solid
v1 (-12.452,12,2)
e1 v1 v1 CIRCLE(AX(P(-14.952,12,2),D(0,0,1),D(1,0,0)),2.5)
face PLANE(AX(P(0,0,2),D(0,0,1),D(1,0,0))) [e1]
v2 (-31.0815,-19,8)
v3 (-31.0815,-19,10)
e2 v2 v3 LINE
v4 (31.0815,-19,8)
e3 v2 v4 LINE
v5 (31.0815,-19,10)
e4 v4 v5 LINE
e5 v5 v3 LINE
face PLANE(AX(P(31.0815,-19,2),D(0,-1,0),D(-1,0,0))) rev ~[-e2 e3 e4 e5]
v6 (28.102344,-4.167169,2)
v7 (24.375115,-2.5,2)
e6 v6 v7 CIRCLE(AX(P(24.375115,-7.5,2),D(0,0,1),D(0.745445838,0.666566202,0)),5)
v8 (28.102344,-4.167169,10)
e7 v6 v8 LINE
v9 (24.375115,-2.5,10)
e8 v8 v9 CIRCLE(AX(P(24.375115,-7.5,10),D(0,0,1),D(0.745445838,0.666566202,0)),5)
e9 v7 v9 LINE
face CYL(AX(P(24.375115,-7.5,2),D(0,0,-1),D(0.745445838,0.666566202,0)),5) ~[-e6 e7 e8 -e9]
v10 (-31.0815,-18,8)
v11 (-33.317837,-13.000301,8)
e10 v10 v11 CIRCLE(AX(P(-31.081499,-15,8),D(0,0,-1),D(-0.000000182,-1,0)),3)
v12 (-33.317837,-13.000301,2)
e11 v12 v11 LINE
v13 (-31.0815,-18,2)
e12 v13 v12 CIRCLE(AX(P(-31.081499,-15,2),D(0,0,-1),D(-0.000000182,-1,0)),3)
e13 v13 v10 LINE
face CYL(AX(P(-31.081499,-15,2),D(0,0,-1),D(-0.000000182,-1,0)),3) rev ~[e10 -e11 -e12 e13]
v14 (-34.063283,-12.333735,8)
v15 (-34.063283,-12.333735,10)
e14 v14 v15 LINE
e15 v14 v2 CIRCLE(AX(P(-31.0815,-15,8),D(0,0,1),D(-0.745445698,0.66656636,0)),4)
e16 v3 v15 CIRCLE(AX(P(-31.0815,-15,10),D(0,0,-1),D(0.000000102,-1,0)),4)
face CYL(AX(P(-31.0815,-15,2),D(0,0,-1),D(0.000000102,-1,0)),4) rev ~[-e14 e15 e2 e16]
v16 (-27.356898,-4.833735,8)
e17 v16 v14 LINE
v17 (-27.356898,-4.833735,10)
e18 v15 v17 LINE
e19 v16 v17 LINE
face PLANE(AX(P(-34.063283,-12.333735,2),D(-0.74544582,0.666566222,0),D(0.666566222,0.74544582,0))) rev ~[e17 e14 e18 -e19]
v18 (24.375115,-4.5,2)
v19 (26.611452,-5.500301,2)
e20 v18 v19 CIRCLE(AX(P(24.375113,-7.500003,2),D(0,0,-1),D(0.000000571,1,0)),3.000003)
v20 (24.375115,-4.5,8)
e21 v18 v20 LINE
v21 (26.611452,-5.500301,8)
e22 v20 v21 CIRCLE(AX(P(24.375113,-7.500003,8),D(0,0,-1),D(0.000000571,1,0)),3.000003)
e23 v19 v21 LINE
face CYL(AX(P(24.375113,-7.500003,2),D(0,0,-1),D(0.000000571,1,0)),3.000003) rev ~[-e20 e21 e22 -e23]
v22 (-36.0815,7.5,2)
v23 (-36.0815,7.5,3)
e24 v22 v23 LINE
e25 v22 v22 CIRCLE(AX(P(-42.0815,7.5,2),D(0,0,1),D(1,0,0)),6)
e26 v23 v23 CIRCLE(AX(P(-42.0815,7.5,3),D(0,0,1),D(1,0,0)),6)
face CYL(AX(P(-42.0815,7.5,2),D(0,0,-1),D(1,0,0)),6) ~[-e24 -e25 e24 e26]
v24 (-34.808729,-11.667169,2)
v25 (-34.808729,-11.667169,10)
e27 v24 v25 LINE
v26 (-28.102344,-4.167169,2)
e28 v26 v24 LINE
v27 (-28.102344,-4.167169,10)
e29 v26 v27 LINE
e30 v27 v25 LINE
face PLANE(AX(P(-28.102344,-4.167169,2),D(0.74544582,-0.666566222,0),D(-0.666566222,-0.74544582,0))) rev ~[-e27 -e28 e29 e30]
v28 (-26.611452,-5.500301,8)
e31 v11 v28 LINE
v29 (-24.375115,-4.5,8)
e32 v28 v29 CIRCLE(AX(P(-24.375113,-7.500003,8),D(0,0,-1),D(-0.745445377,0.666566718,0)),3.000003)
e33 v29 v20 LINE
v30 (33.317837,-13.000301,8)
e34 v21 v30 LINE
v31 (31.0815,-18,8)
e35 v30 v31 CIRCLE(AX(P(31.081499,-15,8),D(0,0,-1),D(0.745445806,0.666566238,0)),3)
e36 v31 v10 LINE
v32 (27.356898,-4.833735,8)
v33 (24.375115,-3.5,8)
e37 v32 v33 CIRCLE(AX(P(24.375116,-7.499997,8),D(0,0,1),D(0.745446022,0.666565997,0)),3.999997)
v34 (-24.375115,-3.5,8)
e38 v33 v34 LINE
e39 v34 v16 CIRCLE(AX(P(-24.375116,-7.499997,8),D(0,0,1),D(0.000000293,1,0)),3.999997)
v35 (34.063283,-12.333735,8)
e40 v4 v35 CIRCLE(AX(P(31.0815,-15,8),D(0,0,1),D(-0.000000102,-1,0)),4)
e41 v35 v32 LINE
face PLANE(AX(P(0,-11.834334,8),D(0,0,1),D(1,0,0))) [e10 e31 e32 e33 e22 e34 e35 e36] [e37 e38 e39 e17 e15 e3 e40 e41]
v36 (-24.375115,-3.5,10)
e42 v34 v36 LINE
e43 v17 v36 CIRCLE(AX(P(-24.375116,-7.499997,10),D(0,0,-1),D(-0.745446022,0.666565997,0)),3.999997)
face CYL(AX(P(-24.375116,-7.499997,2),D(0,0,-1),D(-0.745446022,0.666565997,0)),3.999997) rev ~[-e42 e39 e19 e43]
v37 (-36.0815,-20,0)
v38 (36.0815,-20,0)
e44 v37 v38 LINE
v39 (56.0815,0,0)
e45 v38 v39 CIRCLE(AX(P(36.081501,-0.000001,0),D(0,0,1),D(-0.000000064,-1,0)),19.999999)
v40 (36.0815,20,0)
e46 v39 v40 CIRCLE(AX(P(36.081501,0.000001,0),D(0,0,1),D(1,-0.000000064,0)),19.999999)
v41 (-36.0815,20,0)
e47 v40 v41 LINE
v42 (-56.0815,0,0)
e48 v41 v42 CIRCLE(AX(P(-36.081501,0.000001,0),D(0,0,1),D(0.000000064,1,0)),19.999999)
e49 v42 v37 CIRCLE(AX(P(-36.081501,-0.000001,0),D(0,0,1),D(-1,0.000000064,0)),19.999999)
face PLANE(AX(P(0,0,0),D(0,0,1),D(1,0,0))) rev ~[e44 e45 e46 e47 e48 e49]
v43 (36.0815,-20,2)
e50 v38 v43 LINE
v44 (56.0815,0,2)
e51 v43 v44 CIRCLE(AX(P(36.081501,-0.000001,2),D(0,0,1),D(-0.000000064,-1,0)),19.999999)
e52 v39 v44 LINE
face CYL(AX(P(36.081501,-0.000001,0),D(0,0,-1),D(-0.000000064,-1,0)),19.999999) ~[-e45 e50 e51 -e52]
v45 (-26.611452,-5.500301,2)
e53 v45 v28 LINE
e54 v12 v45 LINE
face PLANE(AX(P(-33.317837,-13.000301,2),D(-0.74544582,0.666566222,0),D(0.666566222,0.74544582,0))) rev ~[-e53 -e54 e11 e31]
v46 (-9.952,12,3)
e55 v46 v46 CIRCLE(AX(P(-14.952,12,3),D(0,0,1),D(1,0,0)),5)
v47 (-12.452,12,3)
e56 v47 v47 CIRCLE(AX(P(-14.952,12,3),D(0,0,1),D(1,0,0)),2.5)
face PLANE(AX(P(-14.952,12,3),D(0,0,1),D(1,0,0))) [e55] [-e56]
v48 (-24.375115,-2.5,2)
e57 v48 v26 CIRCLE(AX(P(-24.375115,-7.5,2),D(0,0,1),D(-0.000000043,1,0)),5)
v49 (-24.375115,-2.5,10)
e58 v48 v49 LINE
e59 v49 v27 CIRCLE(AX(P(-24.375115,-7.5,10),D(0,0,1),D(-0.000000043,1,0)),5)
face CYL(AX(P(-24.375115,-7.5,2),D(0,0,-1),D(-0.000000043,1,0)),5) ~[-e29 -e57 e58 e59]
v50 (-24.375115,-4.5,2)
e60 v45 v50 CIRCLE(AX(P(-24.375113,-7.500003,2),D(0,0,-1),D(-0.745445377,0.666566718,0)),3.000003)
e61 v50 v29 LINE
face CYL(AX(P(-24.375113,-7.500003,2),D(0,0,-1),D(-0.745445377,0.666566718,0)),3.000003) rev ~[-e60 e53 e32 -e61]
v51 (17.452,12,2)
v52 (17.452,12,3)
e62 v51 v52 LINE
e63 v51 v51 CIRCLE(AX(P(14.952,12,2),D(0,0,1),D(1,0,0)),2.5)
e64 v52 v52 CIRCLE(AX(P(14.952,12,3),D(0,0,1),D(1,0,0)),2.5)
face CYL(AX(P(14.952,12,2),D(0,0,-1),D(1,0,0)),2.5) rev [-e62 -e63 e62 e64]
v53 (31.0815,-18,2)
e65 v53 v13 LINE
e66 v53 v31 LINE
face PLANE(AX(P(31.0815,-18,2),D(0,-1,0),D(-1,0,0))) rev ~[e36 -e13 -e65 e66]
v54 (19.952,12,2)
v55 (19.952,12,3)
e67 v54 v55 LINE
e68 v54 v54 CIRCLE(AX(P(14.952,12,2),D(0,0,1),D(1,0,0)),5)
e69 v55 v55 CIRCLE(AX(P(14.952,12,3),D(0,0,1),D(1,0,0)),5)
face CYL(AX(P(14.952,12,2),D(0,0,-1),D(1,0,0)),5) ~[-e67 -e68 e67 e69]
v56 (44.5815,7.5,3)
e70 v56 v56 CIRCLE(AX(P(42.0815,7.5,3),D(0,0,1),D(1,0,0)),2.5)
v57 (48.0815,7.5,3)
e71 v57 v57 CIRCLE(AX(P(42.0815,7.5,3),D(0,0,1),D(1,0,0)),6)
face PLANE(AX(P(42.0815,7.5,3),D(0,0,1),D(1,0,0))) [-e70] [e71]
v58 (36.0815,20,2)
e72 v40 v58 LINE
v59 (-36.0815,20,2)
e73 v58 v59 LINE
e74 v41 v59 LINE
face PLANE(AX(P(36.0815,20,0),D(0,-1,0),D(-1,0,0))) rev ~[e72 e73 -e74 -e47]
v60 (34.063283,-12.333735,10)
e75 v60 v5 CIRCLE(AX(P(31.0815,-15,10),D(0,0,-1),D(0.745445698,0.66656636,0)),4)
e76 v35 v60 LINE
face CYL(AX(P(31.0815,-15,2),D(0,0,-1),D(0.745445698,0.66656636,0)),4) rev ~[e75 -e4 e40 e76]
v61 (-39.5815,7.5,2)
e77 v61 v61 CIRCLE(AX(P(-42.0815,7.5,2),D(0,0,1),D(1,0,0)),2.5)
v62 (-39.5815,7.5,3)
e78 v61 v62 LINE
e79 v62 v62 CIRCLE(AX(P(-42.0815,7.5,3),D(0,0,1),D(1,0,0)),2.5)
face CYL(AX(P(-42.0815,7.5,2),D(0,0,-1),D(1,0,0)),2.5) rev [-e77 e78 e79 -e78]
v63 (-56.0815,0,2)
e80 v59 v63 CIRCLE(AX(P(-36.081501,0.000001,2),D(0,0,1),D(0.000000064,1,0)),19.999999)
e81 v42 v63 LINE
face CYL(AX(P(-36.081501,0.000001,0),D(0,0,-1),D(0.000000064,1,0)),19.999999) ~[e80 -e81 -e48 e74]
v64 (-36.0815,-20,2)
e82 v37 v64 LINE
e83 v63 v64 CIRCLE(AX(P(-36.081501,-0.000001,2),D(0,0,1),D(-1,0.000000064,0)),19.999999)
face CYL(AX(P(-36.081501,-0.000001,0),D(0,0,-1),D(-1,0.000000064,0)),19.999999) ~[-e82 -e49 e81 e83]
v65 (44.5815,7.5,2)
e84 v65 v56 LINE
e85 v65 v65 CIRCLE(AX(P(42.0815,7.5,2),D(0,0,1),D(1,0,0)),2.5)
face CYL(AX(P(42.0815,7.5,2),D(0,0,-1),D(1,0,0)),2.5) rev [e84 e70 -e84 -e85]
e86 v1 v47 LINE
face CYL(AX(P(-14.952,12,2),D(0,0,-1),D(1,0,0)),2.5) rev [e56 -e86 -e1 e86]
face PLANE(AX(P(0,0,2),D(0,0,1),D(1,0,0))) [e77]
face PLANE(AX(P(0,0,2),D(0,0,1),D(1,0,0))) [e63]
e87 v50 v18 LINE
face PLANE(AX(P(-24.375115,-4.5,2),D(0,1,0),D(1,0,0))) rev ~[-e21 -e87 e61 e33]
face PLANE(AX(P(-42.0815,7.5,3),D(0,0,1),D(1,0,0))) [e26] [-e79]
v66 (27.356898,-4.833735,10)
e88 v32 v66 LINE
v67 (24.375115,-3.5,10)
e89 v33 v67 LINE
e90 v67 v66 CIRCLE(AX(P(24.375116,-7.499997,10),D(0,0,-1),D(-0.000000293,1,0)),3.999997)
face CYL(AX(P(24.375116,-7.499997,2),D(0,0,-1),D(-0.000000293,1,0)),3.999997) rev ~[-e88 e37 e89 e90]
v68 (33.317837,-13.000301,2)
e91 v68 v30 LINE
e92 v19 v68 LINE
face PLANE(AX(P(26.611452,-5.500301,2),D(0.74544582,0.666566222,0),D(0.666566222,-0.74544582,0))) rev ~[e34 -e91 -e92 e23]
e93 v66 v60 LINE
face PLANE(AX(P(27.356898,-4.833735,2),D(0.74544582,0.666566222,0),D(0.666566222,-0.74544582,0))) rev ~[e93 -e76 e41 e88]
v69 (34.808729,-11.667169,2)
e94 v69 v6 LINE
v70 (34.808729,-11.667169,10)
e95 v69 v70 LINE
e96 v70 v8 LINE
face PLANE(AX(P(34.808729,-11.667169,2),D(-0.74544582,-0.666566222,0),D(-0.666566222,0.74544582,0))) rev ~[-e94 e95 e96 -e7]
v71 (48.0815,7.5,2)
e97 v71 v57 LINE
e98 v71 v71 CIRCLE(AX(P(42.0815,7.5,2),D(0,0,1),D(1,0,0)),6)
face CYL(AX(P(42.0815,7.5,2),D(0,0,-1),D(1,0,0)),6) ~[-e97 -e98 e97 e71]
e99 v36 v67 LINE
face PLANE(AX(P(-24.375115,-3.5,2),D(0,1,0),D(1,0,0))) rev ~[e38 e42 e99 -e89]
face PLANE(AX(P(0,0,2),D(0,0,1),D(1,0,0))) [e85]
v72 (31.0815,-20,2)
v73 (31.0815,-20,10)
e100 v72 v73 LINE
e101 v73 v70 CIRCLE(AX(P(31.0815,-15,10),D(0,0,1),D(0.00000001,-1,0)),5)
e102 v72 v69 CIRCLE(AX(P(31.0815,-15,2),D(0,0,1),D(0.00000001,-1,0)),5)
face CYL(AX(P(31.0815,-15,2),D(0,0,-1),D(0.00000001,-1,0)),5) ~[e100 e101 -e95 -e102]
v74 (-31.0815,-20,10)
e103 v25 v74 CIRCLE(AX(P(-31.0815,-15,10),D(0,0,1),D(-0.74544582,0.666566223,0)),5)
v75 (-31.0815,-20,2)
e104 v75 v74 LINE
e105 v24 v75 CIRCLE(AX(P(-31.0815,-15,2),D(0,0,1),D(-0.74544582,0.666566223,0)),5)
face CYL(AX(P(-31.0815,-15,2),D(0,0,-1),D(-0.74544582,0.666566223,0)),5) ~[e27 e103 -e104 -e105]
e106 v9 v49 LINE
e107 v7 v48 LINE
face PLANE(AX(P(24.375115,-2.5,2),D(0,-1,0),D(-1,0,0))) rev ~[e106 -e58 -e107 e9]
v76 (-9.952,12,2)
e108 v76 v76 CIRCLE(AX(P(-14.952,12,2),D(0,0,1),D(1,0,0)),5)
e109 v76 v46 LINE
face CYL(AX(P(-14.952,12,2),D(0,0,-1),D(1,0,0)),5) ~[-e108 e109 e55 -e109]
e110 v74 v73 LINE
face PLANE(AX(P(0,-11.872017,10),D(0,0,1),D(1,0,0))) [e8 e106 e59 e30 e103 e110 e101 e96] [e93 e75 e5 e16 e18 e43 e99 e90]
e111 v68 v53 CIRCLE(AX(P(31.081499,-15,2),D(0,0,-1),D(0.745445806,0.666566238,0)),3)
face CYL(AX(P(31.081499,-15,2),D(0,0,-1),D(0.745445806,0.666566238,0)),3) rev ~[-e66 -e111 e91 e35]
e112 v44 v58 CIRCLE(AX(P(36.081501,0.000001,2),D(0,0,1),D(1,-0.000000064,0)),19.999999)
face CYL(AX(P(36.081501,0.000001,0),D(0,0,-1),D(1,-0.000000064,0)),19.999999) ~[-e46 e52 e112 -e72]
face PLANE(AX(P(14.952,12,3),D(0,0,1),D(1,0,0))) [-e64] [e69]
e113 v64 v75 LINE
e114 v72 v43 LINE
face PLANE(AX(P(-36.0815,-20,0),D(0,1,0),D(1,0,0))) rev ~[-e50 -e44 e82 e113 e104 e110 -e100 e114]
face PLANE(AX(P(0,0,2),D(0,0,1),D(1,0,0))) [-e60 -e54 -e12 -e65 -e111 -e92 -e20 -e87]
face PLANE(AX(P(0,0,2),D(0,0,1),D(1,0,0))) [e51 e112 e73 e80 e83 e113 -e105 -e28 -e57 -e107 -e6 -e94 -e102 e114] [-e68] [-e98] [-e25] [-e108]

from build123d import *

# Parameters (mm, degrees)
F1_DEPTH = 2
F2_R     = 6
F2_R_2   = 2.5
F2_R_3   = 5
F3_DEPTH = 1
F5_DEPTH = 8
F7_DEPTH = 6


with BuildPart() as f1:
    # F0 (on Top) → F1 (new body)
    with BuildSketch(Plane.XY):
        with BuildLine():
            Line((-36.0815, -20), (36.0815, -20))
            ThreePointArc((36.0815, -20), (50.223636, -14.142136), (56.0815, 0))
            ThreePointArc((56.0815, 0), (50.223636, 14.142136), (36.0815, 20))
            Line((36.0815, 20), (-36.0815, 20))
            ThreePointArc((-36.0815, 20), (-50.223636, 14.142136), (-56.0815, 0))
            ThreePointArc((-56.0815, 0), (-50.223636, -14.142136), (-36.0815, -20))
        make_face()
    extrude(amount=F1_DEPTH)

    # F2 (on face) → F3 (join)
    with BuildSketch(Plane.XY.offset(2)):
        with Locations((-42.0815, 7.5)):
            Circle(F2_R)
        with Locations((-42.0815, 7.5)):
            Circle(F2_R_2, mode=Mode.SUBTRACT)
        with Locations((-14.952, 12)):
            Circle(F2_R_3)
        with Locations((-14.952, 12)):
            Circle(F2_R_2, mode=Mode.SUBTRACT)
        with Locations((42.0815, 7.5)):
            Circle(F2_R)
        with Locations((42.0815, 7.5)):
            Circle(F2_R_2, mode=Mode.SUBTRACT)
        with Locations((14.952, 12)):
            Circle(F2_R_3)
        with Locations((14.952, 12)):
            Circle(F2_R_2, mode=Mode.SUBTRACT)
    extrude(amount=F3_DEPTH)

    # F4 (on face) → F5 (join)
    with BuildSketch(Plane.XY.offset(2)):
        with BuildLine():
            Line((-31.0815, -20), (0, -20))
            Line((0, -20), (31.0815, -20))
            ThreePointArc((31.0815, -20), (35.645717, -17.041549), (34.808729, -11.667169))
            Line((34.808729, -11.667169), (28.102344, -4.167169))
            ThreePointArc((28.102344, -4.167169), (26.416664, -2.935783), (24.375115, -2.5))
            Line((24.375115, -2.5), (0, -2.5))
            Line((0, -2.5), (-24.375115, -2.5))
            ThreePointArc((-24.375115, -2.5), (-26.416664, -2.935783), (-28.102344, -4.167169))
            Line((-28.102344, -4.167169), (-34.808729, -11.667169))
            ThreePointArc((-34.808729, -11.667169), (-35.645717, -17.041549), (-31.0815, -20))
        make_face()
        with BuildLine():
            Line((31.0815, -19), (0, -19))
            Line((0, -19), (-31.0815, -19))
            ThreePointArc((-31.0815, -19), (-34.732874, -16.633239), (-34.063283, -12.333735))
            Line((-34.063283, -12.333735), (-27.356898, -4.833735))
            ThreePointArc((-27.356898, -4.833735), (-26.008354, -3.848626), (-24.375115, -3.5))
            Line((-24.375115, -3.5), (0, -3.5))
            Line((0, -3.5), (24.375115, -3.5))
            ThreePointArc((24.375115, -3.5), (26.008354, -3.848626), (27.356898, -4.833735))
            Line((27.356898, -4.833735), (34.063283, -12.333735))
            ThreePointArc((34.063283, -12.333735), (34.732874, -16.633239), (31.0815, -19))
        make_face(mode=Mode.SUBTRACT)
    extrude(amount=F5_DEPTH)

    # F6 (on face) → F7 (join)
    with BuildSketch(Plane.XY.offset(2)):
        with BuildLine():
            Line((24.375115, -3.5), (-24.375115, -3.5))
            ThreePointArc((-24.375115, -3.5), (-26.008354, -3.848626), (-27.356898, -4.833735))
            Line((-27.356898, -4.833735), (-34.063283, -12.333735))
            ThreePointArc((-34.063283, -12.333735), (-34.732874, -16.633239), (-31.0815, -19))
            Line((-31.0815, -19), (31.0815, -19))
            ThreePointArc((31.0815, -19), (34.732874, -16.633239), (34.063283, -12.333735))
            Line((34.063283, -12.333735), (27.356898, -4.833735))
            ThreePointArc((27.356898, -4.833735), (26.008354, -3.848626), (24.375115, -3.5))
        make_face()
        with BuildLine():
            ThreePointArc((24.375115, -4.5), (25.600044, -4.76147), (26.611452, -5.500301))
            Line((26.611452, -5.500301), (33.317837, -13.000301))
            ThreePointArc((33.317837, -13.000301), (33.82003, -16.224929), (31.0815, -18))
            Line((31.0815, -18), (-31.0815, -18))
            ThreePointArc((-31.0815, -18), (-33.82003, -16.224929), (-33.317837, -13.000301))
            Line((-33.317837, -13.000301), (-26.611452, -5.500301))
            ThreePointArc((-26.611452, -5.500301), (-25.600044, -4.76147), (-24.375115, -4.5))
            Line((-24.375115, -4.5), (24.375115, -4.5))
        make_face(mode=Mode.SUBTRACT)
    extrude(amount=F7_DEPTH)


solid = f1.part
